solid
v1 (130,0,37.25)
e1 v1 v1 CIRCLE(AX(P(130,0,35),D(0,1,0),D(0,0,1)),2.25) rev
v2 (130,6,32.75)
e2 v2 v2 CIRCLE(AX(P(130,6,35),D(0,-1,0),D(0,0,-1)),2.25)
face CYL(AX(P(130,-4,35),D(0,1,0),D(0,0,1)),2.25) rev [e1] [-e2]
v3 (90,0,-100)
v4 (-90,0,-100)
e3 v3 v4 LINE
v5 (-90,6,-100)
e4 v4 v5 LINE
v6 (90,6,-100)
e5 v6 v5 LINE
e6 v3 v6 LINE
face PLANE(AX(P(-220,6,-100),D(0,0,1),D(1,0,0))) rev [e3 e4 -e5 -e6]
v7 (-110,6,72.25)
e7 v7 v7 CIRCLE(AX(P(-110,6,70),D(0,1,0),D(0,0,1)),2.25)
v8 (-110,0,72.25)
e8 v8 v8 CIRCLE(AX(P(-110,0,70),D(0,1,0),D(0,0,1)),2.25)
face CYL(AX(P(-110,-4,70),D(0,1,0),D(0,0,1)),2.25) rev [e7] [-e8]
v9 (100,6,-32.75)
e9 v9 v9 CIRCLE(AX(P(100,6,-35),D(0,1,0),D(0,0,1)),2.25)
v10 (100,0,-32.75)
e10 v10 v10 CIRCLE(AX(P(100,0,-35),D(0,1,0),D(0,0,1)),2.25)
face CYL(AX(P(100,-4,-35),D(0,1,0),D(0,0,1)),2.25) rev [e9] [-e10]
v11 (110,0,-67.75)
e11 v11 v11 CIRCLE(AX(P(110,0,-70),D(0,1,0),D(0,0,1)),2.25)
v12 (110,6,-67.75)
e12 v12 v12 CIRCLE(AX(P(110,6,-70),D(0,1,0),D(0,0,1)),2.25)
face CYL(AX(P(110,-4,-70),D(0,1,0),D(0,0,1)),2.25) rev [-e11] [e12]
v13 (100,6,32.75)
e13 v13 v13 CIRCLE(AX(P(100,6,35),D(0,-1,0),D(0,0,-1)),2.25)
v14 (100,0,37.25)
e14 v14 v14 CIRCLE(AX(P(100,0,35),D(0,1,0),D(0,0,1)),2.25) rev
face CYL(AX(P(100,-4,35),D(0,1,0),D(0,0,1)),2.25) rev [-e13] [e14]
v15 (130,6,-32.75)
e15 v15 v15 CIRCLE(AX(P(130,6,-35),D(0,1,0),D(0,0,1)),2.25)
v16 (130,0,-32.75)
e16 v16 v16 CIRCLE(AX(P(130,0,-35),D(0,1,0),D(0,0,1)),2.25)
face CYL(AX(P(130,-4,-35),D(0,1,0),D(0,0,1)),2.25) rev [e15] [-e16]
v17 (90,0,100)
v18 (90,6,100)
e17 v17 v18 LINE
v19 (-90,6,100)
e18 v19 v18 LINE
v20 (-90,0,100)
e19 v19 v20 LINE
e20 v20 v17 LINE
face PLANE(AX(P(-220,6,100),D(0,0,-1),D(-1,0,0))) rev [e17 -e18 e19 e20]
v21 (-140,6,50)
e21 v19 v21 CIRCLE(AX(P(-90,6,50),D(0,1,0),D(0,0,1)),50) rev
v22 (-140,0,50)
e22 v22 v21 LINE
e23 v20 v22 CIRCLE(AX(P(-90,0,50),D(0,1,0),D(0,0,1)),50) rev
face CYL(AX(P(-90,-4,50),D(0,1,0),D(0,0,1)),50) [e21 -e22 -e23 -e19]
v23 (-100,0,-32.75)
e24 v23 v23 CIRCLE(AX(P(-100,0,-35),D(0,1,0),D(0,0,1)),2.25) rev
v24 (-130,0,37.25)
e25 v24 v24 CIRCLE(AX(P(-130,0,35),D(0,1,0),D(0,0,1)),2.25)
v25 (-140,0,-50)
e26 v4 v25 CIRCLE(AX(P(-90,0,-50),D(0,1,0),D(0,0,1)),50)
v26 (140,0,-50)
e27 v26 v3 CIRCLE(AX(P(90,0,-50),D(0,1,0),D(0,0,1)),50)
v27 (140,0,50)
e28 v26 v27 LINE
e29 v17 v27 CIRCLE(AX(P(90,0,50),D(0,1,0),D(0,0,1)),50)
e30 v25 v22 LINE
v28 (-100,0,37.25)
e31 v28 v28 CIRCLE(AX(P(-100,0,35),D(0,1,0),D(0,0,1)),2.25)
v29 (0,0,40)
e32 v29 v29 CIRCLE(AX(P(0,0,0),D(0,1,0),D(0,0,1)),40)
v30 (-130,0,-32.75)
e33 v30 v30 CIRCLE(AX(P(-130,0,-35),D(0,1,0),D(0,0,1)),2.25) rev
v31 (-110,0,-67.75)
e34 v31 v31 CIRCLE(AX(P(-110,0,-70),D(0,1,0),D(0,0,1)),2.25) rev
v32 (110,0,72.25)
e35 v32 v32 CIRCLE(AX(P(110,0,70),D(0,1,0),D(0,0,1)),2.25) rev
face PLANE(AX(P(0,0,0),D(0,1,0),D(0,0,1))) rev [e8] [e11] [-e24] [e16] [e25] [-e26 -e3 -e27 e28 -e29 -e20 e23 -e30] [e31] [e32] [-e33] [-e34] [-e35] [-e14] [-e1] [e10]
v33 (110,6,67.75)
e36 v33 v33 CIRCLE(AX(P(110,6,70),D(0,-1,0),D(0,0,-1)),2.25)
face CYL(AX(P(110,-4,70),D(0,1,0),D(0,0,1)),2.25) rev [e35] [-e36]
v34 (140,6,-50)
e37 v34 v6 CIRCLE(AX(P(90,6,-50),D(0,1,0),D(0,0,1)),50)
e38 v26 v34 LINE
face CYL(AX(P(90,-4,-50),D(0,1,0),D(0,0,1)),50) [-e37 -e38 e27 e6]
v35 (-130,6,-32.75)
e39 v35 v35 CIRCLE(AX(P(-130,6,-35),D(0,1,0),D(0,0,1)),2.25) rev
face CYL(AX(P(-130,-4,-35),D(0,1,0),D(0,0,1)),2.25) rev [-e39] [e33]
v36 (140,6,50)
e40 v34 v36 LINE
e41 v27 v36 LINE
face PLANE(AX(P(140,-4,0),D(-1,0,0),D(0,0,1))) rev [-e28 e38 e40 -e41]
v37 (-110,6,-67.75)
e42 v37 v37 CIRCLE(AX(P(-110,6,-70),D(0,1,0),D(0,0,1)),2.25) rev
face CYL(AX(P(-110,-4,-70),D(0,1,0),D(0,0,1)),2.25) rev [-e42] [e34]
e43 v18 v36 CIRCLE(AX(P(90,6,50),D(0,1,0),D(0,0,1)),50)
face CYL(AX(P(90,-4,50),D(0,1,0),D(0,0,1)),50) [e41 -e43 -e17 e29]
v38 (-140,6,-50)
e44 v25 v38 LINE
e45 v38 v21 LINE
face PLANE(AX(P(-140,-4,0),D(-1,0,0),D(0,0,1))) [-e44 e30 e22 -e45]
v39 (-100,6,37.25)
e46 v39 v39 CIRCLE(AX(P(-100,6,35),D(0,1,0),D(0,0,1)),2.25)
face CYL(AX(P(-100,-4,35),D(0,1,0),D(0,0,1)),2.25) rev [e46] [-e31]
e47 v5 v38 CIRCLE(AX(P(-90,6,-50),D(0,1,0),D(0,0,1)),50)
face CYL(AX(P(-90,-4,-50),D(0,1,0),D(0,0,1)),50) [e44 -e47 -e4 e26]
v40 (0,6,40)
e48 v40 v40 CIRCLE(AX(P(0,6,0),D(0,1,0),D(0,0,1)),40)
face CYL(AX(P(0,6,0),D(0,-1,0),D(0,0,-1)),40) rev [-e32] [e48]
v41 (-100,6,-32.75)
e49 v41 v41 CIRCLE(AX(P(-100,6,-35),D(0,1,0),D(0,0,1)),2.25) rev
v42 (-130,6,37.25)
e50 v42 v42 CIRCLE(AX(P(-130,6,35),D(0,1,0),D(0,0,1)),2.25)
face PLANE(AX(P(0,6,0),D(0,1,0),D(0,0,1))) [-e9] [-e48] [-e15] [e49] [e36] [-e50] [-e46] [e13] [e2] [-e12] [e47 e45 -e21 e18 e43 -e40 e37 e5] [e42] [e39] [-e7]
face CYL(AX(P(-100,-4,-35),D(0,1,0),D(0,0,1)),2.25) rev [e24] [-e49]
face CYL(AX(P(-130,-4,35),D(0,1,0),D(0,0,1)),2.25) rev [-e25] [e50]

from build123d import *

# Parameters (mm, degrees)
SKETCH_6_W          = 440
SKETCH_6_H          = 200
SKETCH_6_R          = 40
EXTRUDE_2_DEPTH     = 6
SKETCH_7_R          = 2.25
CUT_EXTRUDE_1_DEPTH = 10


with BuildPart() as part:
    # 草图6 → 凸台-拉伸2 (new body)
    with BuildSketch(Plane(origin=(0, 0, 0), x_dir=(1, 0, 0), z_dir=(0, 1, 0))):
        Rectangle(SKETCH_6_W, SKETCH_6_H)
        with Locations(Location((0, 0, 0), (0, 0, 270))):
            Circle(SKETCH_6_R, mode=Mode.SUBTRACT)
    extrude(amount=EXTRUDE_2_DEPTH)

    # 草图7 → 切除-拉伸1 (cut)
    with BuildSketch(Plane(origin=(0, 6, 0), x_dir=(1, 0, 0), z_dir=(0, 1, 0))):
        with BuildLine():
            Line((-140, -50), (-140, 50))
            ThreePointArc((-140, 50), (-125.355339059, 85.355339059), (-90, 100))
            Line((-90, 100), (-220, 100))
            Line((-220, 100), (-220, -100))
            Line((-220, -100), (-90, -100))
            ThreePointArc((-90, -100), (-125.355339059, -85.355339059), (-140, -50))
        make_face()
        with BuildLine():
            Line((220, 100), (90, 100))
            ThreePointArc((90, 100), (125.355339059, 85.355339059), (140, 50))
            Line((140, 50), (140, -50))
            ThreePointArc((140, -50), (125.355339059, -85.355339059), (90, -100))
            Line((90, -100), (220, -100))
            Line((220, -100), (220, 100))
        make_face()
        with Locations(Location((-130, 35, 0), (0, 0, 270))):
            Circle(SKETCH_7_R)
        with Locations(Location((-100, 35, 0), (0, 0, 270))):
            Circle(SKETCH_7_R)
        with Locations(Location((-110, 70, 0), (0, 0, 270))):
            Circle(SKETCH_7_R)
        with Locations(Location((110, 70, 0), (0, 0, 270))):
            Circle(SKETCH_7_R)
        with Locations(Location((100, 35, 0), (0, 0, 270))):
            Circle(SKETCH_7_R)
        with Locations(Location((130, 35, 0), (0, 0, 270))):
            Circle(SKETCH_7_R)
        with Locations(Location((130, -35, 0), (0, 0, 270))):
            Circle(SKETCH_7_R)
        with Locations(Location((100, -35, 0), (0, 0, 270))):
            Circle(SKETCH_7_R)
        with Locations(Location((110, -70, 0), (0, 0, 270))):
            Circle(SKETCH_7_R)
        with Locations(Location((-110, -70, 0), (0, 0, 270))):
            Circle(SKETCH_7_R)
        with Locations(Location((-100, -35, 0), (0, 0, 270))):
            Circle(SKETCH_7_R)
        with Locations(Location((-130, -35, 0), (0, 0, 270))):
            Circle(SKETCH_7_R)
    extrude(amount=-CUT_EXTRUDE_1_DEPTH, mode=Mode.SUBTRACT)


solid = part.part
